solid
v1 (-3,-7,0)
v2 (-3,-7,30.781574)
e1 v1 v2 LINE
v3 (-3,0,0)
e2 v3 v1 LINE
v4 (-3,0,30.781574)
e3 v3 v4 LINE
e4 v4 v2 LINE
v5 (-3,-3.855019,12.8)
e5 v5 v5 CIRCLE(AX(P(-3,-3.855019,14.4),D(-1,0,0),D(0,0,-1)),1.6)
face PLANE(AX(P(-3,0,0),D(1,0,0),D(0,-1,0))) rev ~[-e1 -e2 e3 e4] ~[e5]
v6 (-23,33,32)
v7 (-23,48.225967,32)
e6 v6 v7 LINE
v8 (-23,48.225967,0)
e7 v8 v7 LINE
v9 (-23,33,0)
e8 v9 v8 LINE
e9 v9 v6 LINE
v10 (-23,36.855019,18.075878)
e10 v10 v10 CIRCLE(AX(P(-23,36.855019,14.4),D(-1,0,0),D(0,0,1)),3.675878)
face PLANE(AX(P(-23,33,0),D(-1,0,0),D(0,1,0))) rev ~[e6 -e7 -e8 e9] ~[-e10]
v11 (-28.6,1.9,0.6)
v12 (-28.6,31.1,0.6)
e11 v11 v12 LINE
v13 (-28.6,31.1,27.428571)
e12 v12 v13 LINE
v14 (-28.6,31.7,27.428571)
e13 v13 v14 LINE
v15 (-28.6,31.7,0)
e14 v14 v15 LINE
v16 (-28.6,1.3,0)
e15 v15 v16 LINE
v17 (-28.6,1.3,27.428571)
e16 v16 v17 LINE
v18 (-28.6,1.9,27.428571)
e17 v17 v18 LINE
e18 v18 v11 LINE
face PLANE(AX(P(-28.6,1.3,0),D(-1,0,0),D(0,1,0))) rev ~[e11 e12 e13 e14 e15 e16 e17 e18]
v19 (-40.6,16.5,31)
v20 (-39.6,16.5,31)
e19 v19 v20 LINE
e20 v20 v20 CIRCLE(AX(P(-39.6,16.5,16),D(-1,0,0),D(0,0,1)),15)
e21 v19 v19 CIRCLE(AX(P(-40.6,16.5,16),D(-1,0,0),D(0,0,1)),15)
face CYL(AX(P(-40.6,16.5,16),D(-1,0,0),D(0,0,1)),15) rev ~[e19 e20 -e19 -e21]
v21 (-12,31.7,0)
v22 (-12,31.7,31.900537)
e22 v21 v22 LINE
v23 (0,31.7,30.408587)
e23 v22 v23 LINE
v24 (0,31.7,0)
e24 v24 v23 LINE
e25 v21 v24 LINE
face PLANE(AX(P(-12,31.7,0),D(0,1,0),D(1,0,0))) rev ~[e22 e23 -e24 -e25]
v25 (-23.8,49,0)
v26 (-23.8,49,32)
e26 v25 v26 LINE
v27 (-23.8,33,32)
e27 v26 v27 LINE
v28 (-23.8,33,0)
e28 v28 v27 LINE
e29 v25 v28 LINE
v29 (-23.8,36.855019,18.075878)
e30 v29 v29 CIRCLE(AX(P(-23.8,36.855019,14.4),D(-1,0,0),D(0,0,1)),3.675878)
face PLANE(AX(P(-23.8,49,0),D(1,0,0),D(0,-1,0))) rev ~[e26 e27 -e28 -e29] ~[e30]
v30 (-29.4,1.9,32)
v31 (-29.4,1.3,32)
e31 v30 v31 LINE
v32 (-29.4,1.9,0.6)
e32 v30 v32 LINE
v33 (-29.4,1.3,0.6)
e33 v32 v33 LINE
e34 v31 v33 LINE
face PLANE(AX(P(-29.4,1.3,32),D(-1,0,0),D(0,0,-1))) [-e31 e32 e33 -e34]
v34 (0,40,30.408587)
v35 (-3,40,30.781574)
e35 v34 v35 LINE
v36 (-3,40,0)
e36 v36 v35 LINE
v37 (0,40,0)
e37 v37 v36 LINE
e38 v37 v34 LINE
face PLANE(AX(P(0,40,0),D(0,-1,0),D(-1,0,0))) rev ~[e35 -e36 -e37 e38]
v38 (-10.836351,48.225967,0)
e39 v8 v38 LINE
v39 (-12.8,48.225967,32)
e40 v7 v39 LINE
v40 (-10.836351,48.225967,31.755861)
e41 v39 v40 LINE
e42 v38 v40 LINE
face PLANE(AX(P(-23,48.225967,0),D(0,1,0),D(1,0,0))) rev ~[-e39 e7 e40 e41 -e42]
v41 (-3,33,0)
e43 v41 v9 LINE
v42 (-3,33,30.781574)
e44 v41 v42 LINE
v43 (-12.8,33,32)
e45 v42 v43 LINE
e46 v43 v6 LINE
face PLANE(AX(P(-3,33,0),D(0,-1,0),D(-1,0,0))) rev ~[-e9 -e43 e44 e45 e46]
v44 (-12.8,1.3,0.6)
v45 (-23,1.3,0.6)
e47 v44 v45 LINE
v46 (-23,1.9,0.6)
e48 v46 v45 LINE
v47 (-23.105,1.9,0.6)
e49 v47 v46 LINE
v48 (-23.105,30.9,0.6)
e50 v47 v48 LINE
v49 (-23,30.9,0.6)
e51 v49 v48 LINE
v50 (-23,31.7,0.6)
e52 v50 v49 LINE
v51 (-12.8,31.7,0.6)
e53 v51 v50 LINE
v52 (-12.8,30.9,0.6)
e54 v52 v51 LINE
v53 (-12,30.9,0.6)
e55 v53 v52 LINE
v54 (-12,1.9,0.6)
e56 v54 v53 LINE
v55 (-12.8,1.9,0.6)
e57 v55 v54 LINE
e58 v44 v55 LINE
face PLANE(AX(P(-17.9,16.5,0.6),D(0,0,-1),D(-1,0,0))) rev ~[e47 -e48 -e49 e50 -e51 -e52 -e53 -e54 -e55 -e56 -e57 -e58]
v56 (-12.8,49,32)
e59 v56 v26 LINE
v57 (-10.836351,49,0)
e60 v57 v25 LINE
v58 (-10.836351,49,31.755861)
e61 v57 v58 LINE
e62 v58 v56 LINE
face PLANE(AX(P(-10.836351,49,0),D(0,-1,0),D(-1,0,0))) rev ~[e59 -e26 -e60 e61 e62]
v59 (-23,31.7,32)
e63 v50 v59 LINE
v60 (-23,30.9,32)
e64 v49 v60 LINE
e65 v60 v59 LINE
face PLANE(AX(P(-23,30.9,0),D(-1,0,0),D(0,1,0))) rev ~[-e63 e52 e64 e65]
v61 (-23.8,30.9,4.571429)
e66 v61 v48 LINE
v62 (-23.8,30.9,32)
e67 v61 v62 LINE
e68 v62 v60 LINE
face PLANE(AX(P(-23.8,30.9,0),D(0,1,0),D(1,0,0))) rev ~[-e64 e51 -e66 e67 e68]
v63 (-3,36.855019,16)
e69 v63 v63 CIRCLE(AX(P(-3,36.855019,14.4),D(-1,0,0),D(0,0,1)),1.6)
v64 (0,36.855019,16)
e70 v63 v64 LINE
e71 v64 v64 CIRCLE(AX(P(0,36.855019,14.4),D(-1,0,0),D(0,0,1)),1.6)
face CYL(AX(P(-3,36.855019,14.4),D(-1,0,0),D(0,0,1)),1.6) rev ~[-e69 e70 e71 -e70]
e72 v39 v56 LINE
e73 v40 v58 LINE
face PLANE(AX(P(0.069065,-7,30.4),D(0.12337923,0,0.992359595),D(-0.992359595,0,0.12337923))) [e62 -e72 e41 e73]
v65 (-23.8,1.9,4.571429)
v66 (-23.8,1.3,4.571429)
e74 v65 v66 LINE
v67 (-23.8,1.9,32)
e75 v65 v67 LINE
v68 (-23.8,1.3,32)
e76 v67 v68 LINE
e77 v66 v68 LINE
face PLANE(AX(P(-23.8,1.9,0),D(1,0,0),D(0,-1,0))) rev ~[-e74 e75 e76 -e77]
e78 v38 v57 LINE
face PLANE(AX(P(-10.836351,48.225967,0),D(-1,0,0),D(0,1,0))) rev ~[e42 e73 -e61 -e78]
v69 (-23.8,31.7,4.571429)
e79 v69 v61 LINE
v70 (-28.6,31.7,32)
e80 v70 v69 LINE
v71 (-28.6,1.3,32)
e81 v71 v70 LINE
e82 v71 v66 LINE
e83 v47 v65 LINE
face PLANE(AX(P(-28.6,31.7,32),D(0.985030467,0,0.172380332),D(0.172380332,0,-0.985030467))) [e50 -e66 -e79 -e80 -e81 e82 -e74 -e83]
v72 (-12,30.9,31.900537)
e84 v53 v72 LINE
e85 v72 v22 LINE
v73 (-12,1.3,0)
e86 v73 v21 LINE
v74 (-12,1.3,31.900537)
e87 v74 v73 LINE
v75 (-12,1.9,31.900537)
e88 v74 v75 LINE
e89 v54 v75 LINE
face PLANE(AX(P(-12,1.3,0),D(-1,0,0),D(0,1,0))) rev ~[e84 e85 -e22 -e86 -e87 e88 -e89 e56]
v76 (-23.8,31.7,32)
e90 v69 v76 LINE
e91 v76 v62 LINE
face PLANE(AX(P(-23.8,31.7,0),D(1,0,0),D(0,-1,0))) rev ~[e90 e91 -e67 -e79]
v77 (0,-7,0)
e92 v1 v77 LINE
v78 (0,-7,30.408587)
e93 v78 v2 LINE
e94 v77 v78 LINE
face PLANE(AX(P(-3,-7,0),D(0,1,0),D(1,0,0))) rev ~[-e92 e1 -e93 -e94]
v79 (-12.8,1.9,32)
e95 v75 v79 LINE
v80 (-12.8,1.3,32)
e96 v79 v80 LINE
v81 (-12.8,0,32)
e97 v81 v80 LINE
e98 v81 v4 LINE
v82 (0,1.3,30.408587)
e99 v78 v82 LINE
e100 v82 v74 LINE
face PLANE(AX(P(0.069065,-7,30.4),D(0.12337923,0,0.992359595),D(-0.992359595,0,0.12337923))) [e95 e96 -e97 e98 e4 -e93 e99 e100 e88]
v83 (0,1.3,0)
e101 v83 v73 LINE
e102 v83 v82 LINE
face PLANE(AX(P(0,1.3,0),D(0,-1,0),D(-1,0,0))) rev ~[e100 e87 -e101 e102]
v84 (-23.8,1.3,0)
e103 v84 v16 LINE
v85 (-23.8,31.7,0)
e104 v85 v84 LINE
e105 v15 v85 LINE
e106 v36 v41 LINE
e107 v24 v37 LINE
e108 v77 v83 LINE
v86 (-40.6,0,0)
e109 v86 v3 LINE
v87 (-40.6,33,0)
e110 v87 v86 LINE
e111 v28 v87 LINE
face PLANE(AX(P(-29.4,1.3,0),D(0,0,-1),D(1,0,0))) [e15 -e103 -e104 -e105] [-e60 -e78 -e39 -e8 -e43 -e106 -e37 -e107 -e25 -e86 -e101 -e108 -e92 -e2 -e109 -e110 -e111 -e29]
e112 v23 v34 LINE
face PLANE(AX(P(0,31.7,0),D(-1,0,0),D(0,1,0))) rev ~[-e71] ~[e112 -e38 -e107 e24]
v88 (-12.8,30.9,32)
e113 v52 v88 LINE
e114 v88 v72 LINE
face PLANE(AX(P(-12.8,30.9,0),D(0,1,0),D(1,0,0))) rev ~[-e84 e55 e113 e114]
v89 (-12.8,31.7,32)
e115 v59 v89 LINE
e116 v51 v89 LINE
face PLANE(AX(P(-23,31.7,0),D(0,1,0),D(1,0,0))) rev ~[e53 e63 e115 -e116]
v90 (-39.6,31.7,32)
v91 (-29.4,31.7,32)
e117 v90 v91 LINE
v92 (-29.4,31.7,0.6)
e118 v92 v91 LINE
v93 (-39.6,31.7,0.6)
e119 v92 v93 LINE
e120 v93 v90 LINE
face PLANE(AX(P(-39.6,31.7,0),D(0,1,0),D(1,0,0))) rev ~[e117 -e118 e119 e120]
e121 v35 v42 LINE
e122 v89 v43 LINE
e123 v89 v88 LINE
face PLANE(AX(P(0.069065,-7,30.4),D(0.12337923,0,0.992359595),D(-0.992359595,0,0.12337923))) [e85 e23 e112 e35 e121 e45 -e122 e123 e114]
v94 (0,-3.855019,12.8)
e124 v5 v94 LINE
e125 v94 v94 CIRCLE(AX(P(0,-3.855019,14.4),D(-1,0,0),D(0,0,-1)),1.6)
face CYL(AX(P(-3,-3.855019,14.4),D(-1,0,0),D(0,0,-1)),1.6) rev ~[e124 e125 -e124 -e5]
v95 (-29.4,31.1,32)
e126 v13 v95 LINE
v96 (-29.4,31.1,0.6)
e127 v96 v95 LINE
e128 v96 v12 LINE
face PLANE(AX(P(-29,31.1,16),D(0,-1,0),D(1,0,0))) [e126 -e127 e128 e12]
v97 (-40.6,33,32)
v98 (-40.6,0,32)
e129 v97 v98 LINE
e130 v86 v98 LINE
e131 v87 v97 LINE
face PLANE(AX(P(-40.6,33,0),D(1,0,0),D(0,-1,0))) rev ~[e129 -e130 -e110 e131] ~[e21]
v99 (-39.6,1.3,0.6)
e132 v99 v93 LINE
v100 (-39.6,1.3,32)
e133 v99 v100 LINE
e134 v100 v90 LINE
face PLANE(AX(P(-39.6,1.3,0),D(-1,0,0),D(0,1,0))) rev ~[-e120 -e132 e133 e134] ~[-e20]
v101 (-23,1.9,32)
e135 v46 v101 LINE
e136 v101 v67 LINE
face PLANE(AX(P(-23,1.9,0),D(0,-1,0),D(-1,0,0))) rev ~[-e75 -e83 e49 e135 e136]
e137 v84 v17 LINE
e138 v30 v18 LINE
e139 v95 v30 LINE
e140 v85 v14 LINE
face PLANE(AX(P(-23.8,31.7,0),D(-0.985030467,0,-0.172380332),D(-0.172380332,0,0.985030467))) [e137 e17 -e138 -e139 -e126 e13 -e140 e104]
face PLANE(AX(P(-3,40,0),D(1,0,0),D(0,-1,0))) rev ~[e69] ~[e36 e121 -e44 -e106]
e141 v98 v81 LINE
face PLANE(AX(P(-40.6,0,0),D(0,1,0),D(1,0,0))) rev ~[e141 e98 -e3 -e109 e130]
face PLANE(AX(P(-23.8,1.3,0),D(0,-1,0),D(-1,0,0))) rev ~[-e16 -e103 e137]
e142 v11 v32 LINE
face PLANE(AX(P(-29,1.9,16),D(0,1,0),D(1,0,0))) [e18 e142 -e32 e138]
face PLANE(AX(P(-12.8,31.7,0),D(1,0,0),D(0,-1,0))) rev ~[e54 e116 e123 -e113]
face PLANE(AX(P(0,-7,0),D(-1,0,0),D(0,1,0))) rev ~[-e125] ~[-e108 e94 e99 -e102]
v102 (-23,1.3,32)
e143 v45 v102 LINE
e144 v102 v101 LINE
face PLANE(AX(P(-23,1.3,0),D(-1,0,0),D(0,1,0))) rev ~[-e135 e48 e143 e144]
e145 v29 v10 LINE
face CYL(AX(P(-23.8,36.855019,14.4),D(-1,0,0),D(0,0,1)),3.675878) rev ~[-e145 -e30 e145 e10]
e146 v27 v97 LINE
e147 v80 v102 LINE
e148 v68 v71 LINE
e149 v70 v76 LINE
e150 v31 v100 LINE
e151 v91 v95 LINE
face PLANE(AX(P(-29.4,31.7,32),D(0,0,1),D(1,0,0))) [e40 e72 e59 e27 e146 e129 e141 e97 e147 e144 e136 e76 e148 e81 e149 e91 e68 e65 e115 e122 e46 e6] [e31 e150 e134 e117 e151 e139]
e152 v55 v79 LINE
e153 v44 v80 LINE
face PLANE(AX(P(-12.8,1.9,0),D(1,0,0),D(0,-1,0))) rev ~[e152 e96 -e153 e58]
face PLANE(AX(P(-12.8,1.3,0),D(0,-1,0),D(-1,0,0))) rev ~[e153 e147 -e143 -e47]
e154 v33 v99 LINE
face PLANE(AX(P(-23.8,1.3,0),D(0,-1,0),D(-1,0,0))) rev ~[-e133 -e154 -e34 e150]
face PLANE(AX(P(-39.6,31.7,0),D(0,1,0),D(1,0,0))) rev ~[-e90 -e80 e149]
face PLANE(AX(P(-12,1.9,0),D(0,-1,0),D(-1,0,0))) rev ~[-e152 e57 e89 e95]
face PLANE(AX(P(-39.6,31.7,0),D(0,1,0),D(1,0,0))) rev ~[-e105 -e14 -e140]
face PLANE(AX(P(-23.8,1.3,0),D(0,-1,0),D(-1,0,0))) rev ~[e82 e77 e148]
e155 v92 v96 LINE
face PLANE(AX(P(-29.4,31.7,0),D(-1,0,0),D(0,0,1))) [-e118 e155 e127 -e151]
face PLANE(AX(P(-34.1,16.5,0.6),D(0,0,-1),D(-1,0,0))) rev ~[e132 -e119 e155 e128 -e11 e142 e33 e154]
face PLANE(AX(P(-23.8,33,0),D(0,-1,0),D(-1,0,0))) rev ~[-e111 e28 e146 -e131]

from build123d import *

# Parameters (mm, degrees)
EXTRUDE_1_DEPTH     = 32
EXTRUDE_2_DEPTH     = 30.4
SKETCH_3_W          = 0.8
SKETCH_3_H          = 32
EXTRUDE_3_DEPTH     = 0.6
SKETCH_4_W          = 0.8
SKETCH_4_H          = 32
EXTRUDE_4_DEPTH     = 0.6
SKETCH_5_W          = 11.8
SKETCH_5_H          = 30.4
SKETCH_5_W_2        = 11
EXTRUDE_11_DEPTH    = 0.6
SKETCH_6_R          = 1.6
CUT_EXTRUDE_1_DEPTH = 70.561196079
SKETCH_7_R          = 15
CUT_EXTRUDE_2_DEPTH = 3
SKETCH_8_R          = 3.675878391
CUT_EXTRUDE_3_DEPTH = 10
CUT_EXTRUDE_4_DEPTH = 77.212597384


with BuildPart() as part:
    # 草图1 → 凸台-拉伸1 (new body)
    with BuildSketch(Plane.XY):
        Polygon((-40.6, 33), (-40.6, 0), (-3, 0), (-3, -7), (0, -7), (0, 1.3), (-12, 1.3), (-12, 1.9), (-12.8, 1.9), (-12.8, 1.3), (-23, 1.3), (-23, 1.9), (-23.8, 1.9), (-23.8, 1.3), (-39.6, 1.3), (-39.6, 31.7), (-23.8, 31.7), (-23.8, 30.9), (-23, 30.9), (-23, 31.7), (-12.8, 31.7), (-12.8, 30.9), (-12, 30.9), (-12, 31.7), (0, 31.7), (0, 40), (-3, 40), (-3, 33), (-23, 33), (-23, 48.225966529), (-10.836350524, 48.225966529), (-10.836350524, 49), (-23.8, 49), (-23.8, 33), align=None)
    extrude(amount=EXTRUDE_1_DEPTH)

    # 草图2 → 凸台-拉伸2 (add)
    with BuildSketch(Plane.XZ.offset(-31.7)):
        Polygon((-23.8, 0), (-29.4, 32), (-28.6, 32), (-23, 0), align=None)
    extrude(amount=EXTRUDE_2_DEPTH)

    # 草图3 → 凸台-拉伸3 (add)
    with BuildSketch(Plane.XZ.offset(-31.7)):
        with Locations((-29, 16)):
            Rectangle(SKETCH_3_W, SKETCH_3_H)
    extrude(amount=EXTRUDE_3_DEPTH)

    # 草图4 → 凸台-拉伸4 (add)
    with BuildSketch(Plane(origin=(0, 1.3, 0), x_dir=(1, 0, 0), z_dir=(0, 1, 0))):
        with Locations((-29, -16)):
            Rectangle(SKETCH_4_W, SKETCH_4_H)
    extrude(amount=EXTRUDE_4_DEPTH)

    # 草图5 → 凸台-拉伸11 (add)
    with BuildSketch(Plane(origin=(0, 0, 0), x_dir=(-1, 0, 0), z_dir=(0, 0, -1))):
        with Locations((17.9, 16.5)):
            Rectangle(SKETCH_5_W, SKETCH_5_H)
        with Locations((34.1, 16.5)):
            Rectangle(SKETCH_5_W_2, SKETCH_5_H)
    extrude(amount=-EXTRUDE_11_DEPTH)

    # 草图6 → 切除-拉伸1 (cut, through all)
    with BuildSketch(Plane.ZY.offset(3)):
        with Locations((14.4, 36.855019001)):
            Circle(SKETCH_6_R)
        with Locations(Location((14.4, -3.855019001, 0), (0, 0, 180))):
            Circle(SKETCH_6_R)
    extrude(amount=-CUT_EXTRUDE_1_DEPTH, mode=Mode.SUBTRACT)

    # 草图7 → 切除-拉伸2 (cut)
    with BuildSketch(Plane.ZY.offset(40.6)):
        with Locations((16, 16.5)):
            Circle(SKETCH_7_R)
    extrude(amount=-CUT_EXTRUDE_2_DEPTH, mode=Mode.SUBTRACT)

    # 草图8 → 切除-拉伸3 (cut)
    with BuildSketch(Plane.ZY.offset(23.8)):
        with Locations((14.4, 36.855019001)):
            Circle(SKETCH_8_R)
    extrude(amount=-CUT_EXTRUDE_3_DEPTH, mode=Mode.SUBTRACT)

    # 草图9 → 切除-拉伸4 (cut, through all)
    with BuildSketch(Plane.XZ.offset(7)):
        Polygon((-12.8, 32), (0.069065174, 32), (0.069065174, 30.4), align=None)
    extrude(amount=-CUT_EXTRUDE_4_DEPTH, mode=Mode.SUBTRACT)


solid = part.part
